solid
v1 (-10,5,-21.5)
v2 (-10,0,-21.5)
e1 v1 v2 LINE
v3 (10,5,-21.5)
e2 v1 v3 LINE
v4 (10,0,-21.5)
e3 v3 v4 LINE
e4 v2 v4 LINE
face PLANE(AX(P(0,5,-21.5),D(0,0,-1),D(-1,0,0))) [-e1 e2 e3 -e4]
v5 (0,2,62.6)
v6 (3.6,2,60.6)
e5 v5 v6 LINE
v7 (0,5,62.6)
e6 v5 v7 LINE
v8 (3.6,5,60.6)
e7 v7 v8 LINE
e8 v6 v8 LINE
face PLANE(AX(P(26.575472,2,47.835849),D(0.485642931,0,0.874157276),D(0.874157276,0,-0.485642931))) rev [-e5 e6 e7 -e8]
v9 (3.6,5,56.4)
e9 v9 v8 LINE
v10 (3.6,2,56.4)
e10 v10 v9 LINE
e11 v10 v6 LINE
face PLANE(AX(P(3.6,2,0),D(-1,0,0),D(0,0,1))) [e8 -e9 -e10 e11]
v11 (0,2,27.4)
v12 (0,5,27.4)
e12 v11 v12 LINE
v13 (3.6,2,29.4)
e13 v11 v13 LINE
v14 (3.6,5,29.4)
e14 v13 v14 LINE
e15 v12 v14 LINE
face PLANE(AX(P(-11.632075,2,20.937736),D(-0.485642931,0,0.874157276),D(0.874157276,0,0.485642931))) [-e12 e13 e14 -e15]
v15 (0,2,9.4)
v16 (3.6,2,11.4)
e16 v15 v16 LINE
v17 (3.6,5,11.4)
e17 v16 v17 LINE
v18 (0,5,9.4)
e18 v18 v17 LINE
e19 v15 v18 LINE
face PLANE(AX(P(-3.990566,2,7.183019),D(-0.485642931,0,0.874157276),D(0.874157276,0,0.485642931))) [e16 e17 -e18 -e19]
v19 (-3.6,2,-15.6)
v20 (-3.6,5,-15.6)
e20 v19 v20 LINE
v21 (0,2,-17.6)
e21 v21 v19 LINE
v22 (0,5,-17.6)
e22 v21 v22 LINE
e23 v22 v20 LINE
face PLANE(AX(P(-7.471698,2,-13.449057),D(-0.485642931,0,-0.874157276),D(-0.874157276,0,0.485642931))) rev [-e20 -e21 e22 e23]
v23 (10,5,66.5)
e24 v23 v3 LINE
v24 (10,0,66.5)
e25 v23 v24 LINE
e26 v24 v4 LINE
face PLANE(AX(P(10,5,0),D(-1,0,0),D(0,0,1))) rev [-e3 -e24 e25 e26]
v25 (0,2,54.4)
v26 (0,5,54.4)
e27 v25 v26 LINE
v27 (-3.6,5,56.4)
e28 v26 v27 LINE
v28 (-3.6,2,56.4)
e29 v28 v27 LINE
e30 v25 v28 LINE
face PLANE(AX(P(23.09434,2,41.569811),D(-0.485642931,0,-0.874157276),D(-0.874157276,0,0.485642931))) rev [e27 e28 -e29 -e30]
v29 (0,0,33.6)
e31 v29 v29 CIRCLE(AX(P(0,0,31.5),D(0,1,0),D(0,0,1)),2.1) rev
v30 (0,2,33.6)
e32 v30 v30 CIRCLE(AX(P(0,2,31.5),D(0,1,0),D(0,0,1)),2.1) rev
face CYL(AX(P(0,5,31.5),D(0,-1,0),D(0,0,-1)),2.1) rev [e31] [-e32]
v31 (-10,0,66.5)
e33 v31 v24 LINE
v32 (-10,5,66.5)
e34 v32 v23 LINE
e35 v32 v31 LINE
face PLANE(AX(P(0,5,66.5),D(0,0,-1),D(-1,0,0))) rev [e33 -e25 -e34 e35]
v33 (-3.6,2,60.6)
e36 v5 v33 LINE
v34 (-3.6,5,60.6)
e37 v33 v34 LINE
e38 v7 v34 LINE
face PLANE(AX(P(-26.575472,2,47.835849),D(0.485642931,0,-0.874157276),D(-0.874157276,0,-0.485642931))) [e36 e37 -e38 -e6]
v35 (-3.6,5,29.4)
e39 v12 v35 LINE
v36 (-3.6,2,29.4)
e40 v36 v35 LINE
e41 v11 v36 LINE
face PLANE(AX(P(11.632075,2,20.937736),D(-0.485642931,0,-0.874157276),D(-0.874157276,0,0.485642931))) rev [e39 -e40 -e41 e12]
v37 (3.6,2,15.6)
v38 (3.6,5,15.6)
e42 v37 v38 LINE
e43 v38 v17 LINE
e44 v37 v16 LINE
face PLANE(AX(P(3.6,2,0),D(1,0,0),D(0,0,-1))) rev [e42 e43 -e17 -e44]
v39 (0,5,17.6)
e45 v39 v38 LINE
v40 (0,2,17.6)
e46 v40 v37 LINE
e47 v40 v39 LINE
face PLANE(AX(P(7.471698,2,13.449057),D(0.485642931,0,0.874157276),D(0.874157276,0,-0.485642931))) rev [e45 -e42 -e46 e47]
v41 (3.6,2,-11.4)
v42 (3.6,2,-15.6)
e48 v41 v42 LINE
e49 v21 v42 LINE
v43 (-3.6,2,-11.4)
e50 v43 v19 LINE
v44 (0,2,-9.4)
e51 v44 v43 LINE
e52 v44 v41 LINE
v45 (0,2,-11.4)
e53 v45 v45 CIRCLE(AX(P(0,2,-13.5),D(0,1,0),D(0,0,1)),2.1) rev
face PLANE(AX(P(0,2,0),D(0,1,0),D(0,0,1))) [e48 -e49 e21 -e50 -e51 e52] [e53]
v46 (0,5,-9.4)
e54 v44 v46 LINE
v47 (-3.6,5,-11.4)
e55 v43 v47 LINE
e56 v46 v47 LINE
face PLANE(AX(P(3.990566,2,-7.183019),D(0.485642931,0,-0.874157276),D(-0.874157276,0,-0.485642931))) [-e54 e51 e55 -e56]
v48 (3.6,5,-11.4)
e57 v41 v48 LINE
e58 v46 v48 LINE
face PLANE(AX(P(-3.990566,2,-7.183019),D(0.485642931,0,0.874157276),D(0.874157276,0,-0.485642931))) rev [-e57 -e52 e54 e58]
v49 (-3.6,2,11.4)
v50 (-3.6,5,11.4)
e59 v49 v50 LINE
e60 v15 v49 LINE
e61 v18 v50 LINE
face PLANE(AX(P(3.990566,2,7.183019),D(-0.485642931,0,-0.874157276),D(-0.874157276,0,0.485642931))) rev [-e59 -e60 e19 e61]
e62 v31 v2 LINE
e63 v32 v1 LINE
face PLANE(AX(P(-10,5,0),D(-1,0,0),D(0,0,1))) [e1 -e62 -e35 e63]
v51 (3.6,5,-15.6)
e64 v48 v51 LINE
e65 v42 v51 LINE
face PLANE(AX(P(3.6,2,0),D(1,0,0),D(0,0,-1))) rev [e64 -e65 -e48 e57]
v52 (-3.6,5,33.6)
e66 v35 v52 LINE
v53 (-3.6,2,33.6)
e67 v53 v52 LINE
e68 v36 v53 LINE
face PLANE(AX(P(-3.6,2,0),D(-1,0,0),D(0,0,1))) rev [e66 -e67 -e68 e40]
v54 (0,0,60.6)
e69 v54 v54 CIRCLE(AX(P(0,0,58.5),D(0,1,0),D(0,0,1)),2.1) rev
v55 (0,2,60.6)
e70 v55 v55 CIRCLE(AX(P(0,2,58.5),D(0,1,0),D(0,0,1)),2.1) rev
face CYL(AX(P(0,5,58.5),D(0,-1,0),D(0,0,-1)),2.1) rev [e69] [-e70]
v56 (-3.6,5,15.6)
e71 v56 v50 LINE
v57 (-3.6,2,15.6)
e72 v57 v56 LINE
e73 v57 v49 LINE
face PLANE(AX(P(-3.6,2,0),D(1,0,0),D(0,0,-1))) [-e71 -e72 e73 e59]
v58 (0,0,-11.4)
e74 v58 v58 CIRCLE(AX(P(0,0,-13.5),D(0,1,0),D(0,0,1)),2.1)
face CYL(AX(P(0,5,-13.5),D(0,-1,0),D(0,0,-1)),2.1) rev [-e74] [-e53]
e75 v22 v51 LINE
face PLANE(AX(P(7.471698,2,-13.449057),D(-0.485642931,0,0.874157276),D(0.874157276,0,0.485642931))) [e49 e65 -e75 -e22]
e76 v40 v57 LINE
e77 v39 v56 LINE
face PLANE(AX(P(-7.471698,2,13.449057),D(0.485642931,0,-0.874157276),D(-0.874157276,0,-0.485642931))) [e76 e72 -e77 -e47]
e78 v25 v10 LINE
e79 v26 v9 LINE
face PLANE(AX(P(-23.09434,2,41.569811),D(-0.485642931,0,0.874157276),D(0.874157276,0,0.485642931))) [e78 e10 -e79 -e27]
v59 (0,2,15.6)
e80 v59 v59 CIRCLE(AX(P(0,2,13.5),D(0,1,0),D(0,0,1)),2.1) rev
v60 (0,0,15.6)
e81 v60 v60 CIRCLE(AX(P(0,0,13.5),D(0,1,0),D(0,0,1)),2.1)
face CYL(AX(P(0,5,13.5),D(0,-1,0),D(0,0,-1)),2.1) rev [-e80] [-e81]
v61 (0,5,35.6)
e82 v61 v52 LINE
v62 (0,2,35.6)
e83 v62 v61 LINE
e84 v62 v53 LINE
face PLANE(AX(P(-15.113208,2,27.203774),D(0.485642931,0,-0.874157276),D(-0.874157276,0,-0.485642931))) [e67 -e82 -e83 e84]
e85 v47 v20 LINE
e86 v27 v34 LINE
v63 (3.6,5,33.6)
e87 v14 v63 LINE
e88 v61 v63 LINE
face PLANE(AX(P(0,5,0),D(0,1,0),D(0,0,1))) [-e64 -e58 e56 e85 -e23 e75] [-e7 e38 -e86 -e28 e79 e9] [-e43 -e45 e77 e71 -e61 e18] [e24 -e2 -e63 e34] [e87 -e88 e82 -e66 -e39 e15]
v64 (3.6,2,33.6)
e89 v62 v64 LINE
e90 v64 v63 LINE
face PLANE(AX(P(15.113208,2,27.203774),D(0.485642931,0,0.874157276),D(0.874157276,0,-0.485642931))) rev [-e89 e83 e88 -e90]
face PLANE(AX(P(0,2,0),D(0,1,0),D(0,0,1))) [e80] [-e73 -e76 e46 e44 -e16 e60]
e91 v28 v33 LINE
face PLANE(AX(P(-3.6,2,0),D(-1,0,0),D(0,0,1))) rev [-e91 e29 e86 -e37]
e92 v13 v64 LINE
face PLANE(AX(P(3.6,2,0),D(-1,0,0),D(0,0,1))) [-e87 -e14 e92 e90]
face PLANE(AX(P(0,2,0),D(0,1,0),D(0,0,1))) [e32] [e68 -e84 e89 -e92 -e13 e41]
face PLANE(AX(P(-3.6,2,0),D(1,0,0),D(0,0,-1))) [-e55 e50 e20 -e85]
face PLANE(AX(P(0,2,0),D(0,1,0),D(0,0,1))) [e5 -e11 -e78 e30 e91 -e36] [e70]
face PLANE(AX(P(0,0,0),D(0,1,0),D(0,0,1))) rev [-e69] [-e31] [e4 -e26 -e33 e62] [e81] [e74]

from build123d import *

# Parameters (mm, degrees)
SKETCH1_W           = 20
SKETCH1_H           = 44
SKETCH1_R           = 2.1
BOSS_EXTRUDE1_DEPTH = 5
SKETCH2_R           = 2.1
CUT_EXTRUDE1_DEPTH  = 3


with BuildPart() as part:
    # Sketch1 → Boss-Extrude1 (new body)
    with BuildSketch(Plane(origin=(0, 0, 0), x_dir=(1, 0, 0), z_dir=(0, 1, 0))):
        with Locations((0, -0.5)):
            Rectangle(SKETCH1_W, SKETCH1_H)
        with Locations((0, -13.5)):
            Circle(SKETCH1_R, mode=Mode.SUBTRACT)
        with Locations((0, 13.5)):
            Circle(SKETCH1_R, mode=Mode.SUBTRACT)
        with Locations((0, -44.5)):
            Rectangle(SKETCH1_W, SKETCH1_H)
        with Locations((0, -58.5)):
            Circle(SKETCH1_R, mode=Mode.SUBTRACT)
        with Locations((0, -31.5)):
            Circle(SKETCH1_R, mode=Mode.SUBTRACT)
    extrude(amount=BOSS_EXTRUDE1_DEPTH)

    # Sketch2 → Cut-Extrude1 (cut)
    with BuildSketch(Plane(origin=(0, 5, 0), x_dir=(1, 0, 0), z_dir=(0, 1, 0))):
        Polygon((0, 17.6), (3.6, 15.6), (-3.6, 15.6), align=None)
        with BuildLine():
            ThreePointArc((2.1, 13.5), (1.48492424, 12.01507576), (0, 11.4))
            Line((0, 11.4), (3.6, 11.4))
            Line((3.6, 11.4), (3.6, 15.6))
            Line((3.6, 15.6), (0, 15.6))
            ThreePointArc((0, 15.6), (1.48492424, 14.98492424), (2.1, 13.5))
        make_face()
        with BuildLine():
            Line((-3.6, 15.6), (-3.6, 11.4))
            Line((-3.6, 11.4), (0, 11.4))
            ThreePointArc((0, 11.4), (-2.1, 13.5), (0, 15.6))
            Line((0, 15.6), (-3.6, 15.6))
        make_face()
        Polygon((0, 9.4), (-3.6, 11.4), (3.6, 11.4), align=None)
        Polygon((0, -9.4), (3.6, -11.4), (-3.6, -11.4), align=None)
        with BuildLine():
            ThreePointArc((2.1, -13.5), (1.484924244, -14.984924237), (1e-08, -15.6))
            Line((1e-08, -15.6), (3.6, -15.6))
            Line((3.6, -15.6), (3.6, -11.4))
            Line((3.6, -11.4), (0, -11.4))
            ThreePointArc((0, -11.4), (1.48492424, -12.01507576), (2.1, -13.5))
        make_face()
        with BuildLine():
            Line((-3.6, -11.4), (-3.6, -15.6))
            Line((-3.6, -15.6), (1e-08, -15.6))
            ThreePointArc((1e-08, -15.6), (-2.1, -13.500000005), (0, -11.4))
            Line((0, -11.4), (-3.6, -11.4))
        make_face()
        Polygon((0, -17.6), (-3.6, -15.6), (3.6, -15.6), align=None)
        Polygon((0, -35.6), (-3.6, -33.6), (-3.6, -29.4), (0, -27.4), (3.6, -29.4), (3.6, -33.6), align=None)
        with Locations((0, -31.5)):
            Circle(SKETCH2_R, mode=Mode.SUBTRACT)
        Polygon((0, -62.6), (-3.6, -60.6), (-3.6, -56.4), (0, -54.4), (3.6, -56.4), (3.6, -60.6), align=None)
        with Locations((0, -58.5)):
            Circle(SKETCH2_R, mode=Mode.SUBTRACT)
    extrude(amount=-CUT_EXTRUDE1_DEPTH, mode=Mode.SUBTRACT)


solid = part.part
